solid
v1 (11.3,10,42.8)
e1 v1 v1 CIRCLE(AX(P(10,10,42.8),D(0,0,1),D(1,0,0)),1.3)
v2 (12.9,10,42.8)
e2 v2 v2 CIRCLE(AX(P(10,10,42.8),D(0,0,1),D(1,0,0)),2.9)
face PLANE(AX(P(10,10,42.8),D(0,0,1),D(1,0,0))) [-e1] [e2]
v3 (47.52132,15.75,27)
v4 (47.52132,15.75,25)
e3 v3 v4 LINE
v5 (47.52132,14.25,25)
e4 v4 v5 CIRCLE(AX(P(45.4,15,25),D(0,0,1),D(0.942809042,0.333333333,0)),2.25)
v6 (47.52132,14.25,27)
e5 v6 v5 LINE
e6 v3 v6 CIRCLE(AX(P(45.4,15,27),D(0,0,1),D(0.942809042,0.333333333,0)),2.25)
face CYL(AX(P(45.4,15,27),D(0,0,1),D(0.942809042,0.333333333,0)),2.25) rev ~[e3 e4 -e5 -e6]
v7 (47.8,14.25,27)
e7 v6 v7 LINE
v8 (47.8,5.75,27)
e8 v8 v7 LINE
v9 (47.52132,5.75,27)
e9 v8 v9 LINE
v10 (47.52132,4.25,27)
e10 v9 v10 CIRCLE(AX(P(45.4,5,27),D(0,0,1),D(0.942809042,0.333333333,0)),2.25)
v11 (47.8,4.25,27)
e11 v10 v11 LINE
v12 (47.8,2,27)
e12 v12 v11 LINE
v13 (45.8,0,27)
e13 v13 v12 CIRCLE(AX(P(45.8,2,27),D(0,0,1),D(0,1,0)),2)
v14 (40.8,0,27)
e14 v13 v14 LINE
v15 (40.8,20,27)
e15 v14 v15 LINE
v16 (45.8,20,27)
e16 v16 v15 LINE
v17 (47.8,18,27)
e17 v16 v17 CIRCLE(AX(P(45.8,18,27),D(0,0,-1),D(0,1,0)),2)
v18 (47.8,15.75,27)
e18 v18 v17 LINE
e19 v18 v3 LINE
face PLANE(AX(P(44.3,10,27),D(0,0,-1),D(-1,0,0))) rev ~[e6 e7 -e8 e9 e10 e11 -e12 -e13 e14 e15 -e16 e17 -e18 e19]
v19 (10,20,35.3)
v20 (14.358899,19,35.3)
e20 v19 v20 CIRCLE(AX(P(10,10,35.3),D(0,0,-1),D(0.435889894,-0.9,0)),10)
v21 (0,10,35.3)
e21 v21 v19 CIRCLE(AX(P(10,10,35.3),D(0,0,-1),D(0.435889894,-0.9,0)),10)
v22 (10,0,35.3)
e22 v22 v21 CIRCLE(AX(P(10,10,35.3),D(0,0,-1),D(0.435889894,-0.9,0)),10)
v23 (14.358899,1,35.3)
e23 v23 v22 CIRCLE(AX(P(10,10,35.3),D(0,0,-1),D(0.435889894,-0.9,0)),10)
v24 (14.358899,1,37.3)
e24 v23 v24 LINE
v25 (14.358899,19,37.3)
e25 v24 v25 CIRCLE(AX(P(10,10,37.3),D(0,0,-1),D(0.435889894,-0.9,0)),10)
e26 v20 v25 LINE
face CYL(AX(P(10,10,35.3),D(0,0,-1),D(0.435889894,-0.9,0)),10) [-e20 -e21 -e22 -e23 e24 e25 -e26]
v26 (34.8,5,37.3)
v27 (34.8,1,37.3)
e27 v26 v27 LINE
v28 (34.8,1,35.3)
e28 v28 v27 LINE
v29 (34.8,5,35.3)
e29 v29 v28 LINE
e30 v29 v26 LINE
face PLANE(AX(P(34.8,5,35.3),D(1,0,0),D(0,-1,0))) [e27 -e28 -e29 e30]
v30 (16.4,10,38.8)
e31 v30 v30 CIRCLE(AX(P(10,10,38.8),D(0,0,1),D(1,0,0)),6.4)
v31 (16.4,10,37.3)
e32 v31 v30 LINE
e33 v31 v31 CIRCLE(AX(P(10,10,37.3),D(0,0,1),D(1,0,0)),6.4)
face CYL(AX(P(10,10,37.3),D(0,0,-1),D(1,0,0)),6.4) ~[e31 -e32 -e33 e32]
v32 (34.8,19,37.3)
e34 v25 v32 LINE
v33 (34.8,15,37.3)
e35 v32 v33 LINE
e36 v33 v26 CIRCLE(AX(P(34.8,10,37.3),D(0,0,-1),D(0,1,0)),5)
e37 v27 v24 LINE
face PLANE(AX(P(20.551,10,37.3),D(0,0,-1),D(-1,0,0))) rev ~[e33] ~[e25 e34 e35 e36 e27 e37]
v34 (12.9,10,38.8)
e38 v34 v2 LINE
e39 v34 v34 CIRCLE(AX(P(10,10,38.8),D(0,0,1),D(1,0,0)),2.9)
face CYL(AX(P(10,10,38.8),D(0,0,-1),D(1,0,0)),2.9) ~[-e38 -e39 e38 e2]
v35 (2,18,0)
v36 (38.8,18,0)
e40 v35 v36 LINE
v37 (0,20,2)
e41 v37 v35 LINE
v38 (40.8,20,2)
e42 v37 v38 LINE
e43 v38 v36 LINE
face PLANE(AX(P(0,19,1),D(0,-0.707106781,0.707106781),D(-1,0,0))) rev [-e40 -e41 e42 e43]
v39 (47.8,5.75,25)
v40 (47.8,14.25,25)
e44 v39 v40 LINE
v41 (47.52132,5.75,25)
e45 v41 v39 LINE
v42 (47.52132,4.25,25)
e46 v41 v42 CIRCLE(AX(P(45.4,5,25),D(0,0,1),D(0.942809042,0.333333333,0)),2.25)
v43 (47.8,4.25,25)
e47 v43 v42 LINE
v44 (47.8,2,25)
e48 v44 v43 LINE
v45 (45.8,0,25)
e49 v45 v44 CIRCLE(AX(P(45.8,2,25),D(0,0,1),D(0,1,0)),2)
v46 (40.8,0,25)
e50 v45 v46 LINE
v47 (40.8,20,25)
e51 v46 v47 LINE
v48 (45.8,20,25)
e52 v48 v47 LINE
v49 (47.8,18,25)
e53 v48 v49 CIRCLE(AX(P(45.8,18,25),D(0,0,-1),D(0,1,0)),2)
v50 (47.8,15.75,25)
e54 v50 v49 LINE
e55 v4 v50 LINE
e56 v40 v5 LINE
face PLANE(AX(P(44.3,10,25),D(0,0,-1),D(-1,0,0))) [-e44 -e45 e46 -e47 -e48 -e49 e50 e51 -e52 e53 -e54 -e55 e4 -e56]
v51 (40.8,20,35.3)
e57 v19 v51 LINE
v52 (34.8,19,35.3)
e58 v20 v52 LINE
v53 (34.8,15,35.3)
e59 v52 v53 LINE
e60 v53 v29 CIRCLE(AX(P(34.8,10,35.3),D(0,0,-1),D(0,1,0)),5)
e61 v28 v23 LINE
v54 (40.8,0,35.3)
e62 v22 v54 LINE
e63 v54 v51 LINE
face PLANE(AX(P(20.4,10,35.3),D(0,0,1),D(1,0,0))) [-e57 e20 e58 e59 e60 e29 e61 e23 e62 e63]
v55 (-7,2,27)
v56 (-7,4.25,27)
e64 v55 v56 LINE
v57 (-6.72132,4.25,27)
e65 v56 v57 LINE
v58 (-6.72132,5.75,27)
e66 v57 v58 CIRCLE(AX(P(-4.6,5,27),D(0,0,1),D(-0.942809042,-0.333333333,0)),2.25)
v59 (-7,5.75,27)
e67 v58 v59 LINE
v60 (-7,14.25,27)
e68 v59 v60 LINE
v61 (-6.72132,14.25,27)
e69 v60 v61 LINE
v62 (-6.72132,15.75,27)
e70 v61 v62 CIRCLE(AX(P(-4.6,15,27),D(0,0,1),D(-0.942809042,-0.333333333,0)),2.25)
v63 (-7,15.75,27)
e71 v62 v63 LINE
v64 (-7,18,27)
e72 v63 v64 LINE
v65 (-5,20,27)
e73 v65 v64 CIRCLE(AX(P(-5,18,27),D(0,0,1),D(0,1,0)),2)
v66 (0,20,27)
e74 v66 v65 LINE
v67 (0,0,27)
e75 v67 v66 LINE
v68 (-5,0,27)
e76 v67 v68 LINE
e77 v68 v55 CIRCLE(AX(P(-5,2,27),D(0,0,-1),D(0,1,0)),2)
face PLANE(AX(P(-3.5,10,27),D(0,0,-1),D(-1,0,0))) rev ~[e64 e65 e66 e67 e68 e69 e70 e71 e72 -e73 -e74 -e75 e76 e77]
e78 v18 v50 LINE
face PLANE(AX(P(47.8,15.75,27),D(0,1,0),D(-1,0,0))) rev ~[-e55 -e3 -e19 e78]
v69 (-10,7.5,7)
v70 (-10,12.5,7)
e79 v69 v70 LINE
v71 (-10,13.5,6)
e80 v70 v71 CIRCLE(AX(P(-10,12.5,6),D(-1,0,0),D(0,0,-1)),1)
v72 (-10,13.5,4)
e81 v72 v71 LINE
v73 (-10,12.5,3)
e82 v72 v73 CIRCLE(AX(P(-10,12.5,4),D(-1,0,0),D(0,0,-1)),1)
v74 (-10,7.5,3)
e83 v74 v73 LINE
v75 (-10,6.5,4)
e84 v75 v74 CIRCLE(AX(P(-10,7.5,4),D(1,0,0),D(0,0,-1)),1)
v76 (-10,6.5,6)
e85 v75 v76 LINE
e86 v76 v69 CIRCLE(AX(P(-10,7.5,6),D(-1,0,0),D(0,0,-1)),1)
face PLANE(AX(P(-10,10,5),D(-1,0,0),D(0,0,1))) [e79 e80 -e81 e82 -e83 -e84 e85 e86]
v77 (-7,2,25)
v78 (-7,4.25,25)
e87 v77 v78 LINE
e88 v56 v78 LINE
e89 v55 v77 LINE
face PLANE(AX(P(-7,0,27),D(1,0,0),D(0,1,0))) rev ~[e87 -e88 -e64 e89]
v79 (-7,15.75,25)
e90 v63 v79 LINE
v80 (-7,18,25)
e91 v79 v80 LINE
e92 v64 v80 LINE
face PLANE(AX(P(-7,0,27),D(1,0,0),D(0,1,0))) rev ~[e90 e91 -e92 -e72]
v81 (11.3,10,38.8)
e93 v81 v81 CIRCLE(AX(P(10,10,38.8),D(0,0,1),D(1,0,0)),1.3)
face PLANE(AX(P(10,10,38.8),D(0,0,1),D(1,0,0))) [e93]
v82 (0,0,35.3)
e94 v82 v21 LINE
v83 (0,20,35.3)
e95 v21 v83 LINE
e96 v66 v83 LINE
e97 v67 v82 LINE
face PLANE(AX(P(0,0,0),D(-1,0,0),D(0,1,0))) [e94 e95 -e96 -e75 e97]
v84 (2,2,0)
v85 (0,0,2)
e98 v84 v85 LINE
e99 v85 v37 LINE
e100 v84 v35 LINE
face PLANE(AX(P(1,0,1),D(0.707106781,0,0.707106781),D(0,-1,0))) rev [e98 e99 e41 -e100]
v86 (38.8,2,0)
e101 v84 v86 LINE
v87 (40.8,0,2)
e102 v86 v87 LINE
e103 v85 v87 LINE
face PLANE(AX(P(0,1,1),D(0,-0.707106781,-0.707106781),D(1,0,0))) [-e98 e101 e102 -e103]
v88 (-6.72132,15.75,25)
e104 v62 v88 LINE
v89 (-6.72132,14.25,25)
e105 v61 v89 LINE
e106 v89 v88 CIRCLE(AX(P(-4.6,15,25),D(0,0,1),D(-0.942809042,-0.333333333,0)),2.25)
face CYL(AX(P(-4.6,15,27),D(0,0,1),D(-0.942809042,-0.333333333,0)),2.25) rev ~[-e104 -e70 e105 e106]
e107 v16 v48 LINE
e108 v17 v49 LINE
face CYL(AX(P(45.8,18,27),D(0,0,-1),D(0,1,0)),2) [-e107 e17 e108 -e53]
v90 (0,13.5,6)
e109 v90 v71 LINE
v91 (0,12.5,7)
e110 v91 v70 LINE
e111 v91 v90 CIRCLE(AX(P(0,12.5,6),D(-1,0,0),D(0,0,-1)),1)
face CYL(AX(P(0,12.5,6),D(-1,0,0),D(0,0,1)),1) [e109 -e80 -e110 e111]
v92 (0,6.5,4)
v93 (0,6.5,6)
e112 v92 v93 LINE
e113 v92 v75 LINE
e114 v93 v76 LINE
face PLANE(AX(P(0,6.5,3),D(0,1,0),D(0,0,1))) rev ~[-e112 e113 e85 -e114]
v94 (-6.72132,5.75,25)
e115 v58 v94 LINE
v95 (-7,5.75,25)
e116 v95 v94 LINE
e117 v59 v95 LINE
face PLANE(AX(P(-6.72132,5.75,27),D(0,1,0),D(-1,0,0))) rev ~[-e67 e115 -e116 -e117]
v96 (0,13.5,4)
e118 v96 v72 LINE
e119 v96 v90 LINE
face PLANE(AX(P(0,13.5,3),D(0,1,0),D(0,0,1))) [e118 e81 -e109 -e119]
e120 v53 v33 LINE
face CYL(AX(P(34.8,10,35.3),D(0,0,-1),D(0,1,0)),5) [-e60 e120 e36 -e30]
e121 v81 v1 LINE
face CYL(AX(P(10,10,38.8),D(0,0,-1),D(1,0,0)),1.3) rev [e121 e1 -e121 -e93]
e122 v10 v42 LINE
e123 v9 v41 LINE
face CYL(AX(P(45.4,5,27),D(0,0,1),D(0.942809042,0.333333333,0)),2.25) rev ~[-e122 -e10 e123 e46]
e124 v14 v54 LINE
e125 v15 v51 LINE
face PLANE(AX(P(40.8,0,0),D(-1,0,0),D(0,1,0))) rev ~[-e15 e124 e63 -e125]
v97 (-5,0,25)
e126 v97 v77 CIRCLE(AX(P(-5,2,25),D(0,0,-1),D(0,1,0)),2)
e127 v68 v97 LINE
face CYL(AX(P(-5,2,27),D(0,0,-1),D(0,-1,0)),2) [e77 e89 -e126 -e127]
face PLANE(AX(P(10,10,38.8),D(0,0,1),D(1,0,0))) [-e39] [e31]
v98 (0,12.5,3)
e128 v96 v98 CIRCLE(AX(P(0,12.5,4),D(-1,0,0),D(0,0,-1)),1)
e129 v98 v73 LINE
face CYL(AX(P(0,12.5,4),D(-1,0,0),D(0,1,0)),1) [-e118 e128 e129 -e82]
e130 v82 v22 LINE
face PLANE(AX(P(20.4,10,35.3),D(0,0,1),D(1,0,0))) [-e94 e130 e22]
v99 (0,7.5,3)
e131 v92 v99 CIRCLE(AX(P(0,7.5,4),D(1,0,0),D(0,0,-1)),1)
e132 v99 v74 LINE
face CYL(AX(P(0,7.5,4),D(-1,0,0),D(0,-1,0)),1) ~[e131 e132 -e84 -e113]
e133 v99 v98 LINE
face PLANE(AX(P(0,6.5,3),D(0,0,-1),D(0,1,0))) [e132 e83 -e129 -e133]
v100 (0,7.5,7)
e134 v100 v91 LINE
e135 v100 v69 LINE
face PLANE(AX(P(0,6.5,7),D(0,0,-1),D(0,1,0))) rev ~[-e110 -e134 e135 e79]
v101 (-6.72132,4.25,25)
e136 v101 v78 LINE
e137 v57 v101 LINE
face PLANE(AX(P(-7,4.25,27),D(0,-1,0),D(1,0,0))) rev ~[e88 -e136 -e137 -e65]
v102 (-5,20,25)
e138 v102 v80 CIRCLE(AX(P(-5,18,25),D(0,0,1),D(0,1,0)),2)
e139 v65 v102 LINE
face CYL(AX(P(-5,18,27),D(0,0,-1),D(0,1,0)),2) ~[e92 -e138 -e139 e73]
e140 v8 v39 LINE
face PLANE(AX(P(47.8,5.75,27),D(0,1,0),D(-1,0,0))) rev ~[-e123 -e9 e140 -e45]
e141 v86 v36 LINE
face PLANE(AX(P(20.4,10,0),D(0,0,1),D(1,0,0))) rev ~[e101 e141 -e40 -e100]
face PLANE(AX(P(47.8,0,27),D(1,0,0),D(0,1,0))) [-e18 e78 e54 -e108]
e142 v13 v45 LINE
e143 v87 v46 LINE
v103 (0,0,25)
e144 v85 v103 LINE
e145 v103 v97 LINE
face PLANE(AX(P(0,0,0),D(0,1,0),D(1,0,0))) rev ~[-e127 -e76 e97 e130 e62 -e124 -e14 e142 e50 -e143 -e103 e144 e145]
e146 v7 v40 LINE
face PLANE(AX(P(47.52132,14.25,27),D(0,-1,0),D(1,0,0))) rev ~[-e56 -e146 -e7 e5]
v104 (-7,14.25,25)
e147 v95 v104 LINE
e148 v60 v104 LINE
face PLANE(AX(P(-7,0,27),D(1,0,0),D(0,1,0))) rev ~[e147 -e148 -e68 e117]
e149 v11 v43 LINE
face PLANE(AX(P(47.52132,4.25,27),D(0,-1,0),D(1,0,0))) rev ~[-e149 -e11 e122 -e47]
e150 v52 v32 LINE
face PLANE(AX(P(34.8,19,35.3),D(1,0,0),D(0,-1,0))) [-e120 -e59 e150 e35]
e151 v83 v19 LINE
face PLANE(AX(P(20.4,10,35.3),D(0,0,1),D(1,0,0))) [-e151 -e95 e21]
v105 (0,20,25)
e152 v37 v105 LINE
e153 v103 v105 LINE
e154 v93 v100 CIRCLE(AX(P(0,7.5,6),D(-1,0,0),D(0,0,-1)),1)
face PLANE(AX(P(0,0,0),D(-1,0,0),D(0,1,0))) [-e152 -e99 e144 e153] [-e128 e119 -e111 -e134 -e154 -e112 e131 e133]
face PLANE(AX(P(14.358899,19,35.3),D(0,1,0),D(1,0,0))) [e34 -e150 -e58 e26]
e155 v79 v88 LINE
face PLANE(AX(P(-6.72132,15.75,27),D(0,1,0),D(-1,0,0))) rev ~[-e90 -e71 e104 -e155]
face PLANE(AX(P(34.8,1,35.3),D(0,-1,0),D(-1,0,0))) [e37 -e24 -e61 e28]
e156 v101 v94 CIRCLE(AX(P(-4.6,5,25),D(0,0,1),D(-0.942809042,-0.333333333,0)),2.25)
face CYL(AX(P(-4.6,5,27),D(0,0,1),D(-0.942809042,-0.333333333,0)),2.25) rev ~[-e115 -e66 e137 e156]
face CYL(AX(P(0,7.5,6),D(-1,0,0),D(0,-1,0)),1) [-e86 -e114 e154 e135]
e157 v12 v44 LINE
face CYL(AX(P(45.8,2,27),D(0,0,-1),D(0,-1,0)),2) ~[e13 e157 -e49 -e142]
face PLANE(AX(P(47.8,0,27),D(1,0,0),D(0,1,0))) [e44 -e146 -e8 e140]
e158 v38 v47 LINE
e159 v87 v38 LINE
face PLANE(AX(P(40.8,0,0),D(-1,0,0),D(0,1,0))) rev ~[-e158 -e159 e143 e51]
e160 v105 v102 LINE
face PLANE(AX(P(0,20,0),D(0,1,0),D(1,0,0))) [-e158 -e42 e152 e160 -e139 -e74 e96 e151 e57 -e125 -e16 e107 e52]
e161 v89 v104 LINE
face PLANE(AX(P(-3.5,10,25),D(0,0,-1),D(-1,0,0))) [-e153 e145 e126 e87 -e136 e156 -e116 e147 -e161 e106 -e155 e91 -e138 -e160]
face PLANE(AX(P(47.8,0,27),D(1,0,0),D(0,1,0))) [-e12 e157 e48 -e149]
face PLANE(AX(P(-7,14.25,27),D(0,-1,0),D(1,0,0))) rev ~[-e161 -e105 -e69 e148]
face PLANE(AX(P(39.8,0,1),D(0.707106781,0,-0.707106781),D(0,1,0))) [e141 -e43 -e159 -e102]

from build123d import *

# Parameters (mm, degrees)
ESQUISSE1_W             = 40.8
ESQUISSE1_H             = 20
BOSS_EXTRU_1_DEPTH      = 35.3
BOSS_EXTRU_2_DEPTH      = 2
ESQUISSE3_R             = 6.4
BOSS_EXTRU_3_DEPTH      = 1.5
ESQUISSE4_R             = 2.9
ESQUISSE4_R_2           = 1.3
BOSS_EXTRU_4_DEPTH      = 4
ESQUISSE5_W             = 7
ESQUISSE5_H             = 20
BOSS_EXTRU_5_DEPTH      = 2
ENL_V_MAT_EXTRU_1_DEPTH = 59.428075443
CONG_1_R                = 2
ESQUISSE7_W             = 4
ESQUISSE7_H             = 7
BOSS_EXTRU_6_DEPTH      = 10
CHANFREIN1_SIZE         = 2
CONG_2_R                = 1


with BuildPart() as part:
    # Esquisse1 → Boss.-Extru.1 (new body)
    with BuildSketch(Plane.XY):
        with Locations((20.4, 10)):
            Rectangle(ESQUISSE1_W, ESQUISSE1_H)
    extrude(amount=BOSS_EXTRU_1_DEPTH)

    # Esquisse2 → Boss.-Extru.2 (add)
    with BuildSketch(Plane.XY.offset(35.3)):
        with BuildLine():
            Line((14.358898944, 19), (34.8, 19))
            Line((34.8, 19), (34.8, 15))
            ThreePointArc((34.8, 15), (39.8, 10), (34.8, 5))
            Line((34.8, 5), (34.8, 1))
            Line((34.8, 1), (14.358898944, 1))
            ThreePointArc((14.358898944, 1), (0, 10), (14.358898944, 19))
        make_face()
    extrude(amount=BOSS_EXTRU_2_DEPTH)

    # Esquisse3 → Boss.-Extru.3 (add)
    with BuildSketch(Plane.XY.offset(37.3)):
        with Locations((10, 10)):
            Circle(ESQUISSE3_R)
    extrude(amount=BOSS_EXTRU_3_DEPTH)

    # Esquisse4 → Boss.-Extru.4 (add)
    with BuildSketch(Plane.XY.offset(38.8)):
        with Locations((10, 10)):
            Circle(ESQUISSE4_R)
        with Locations((10, 10)):
            Circle(ESQUISSE4_R_2, mode=Mode.SUBTRACT)
    extrude(amount=BOSS_EXTRU_4_DEPTH)

    # Esquisse5 → Boss.-Extru.5 (add)
    with BuildSketch(Plane(origin=(0, 0, 27), x_dir=(-1, 0, 0), z_dir=(0, 0, -1))):
        with Locations((-44.3, 10)):
            Rectangle(ESQUISSE5_W, ESQUISSE5_H)
        with Locations((3.5, 10)):
            Rectangle(ESQUISSE5_W, ESQUISSE5_H)
    extrude(amount=BOSS_EXTRU_5_DEPTH)

    # Esquisse6 → Enlèv. mat.-Extru.1 (cut, through all)
    with BuildSketch(Plane.XY.offset(27)):
        with BuildLine():
            Line((-6.721320344, 15.75), (-7, 15.75))
            Line((-7, 15.75), (-7, 14.25))
            Line((-7, 14.25), (-6.721320344, 14.25))
            ThreePointArc((-6.721320344, 14.25), (-2.35, 15), (-6.721320344, 15.75))
        make_face()
        with BuildLine():
            Line((47.521320344, 14.25), (47.8, 14.25))
            Line((47.8, 14.25), (47.8, 15.75))
            Line((47.8, 15.75), (47.521320344, 15.75))
            ThreePointArc((47.521320344, 15.75), (43.15, 15), (47.521320344, 14.25))
        make_face()
        with BuildLine():
            Line((47.521320344, 4.25), (47.8, 4.25))
            Line((47.8, 4.25), (47.8, 5.75))
            Line((47.8, 5.75), (47.521320344, 5.75))
            ThreePointArc((47.521320344, 5.75), (43.15, 5), (47.521320344, 4.25))
        make_face()
        with BuildLine():
            Line((-6.721320344, 5.75), (-7, 5.75))
            Line((-7, 5.75), (-7, 4.25))
            Line((-7, 4.25), (-6.721320344, 4.25))
            ThreePointArc((-6.721320344, 4.25), (-2.35, 5), (-6.721320344, 5.75))
        make_face()
    extrude(amount=-ENL_V_MAT_EXTRU_1_DEPTH, mode=Mode.SUBTRACT)

    # Congé1
    cong_1_edges = [part.edges().sort_by_distance(p)[0] for p in [
        (47.8, 20, 26),
        (47.8, 0, 26),
        (-7, 20, 26),
        (-7, 0, 26),
    ]]
    fillet(cong_1_edges, radius=CONG_1_R)

    # Esquisse7 → Boss.-Extru.6 (add)
    with BuildSketch(Plane.ZY):
        with Locations((5, 10)):
            Rectangle(ESQUISSE7_W, ESQUISSE7_H)
    extrude(amount=BOSS_EXTRU_6_DEPTH)

    # Chanfrein1
    chanfrein1_edges = [part.edges().sort_by_distance(p)[0] for p in [
        (20.4, 20, 0),
        (40.8, 10, 0),
        (20.4, 0, 0),
        (0, 10, 0),
    ]]
    chamfer(chanfrein1_edges, length=CHANFREIN1_SIZE)

    # Congé2
    cong_2_edges = [part.edges().sort_by_distance(p)[0] for p in [
        (-5, 6.5, 7),
        (-5, 13.5, 7),
        (-5, 13.5, 3),
        (-5, 6.5, 3),
    ]]
    fillet(cong_2_edges, radius=CONG_2_R)


solid = part.part
